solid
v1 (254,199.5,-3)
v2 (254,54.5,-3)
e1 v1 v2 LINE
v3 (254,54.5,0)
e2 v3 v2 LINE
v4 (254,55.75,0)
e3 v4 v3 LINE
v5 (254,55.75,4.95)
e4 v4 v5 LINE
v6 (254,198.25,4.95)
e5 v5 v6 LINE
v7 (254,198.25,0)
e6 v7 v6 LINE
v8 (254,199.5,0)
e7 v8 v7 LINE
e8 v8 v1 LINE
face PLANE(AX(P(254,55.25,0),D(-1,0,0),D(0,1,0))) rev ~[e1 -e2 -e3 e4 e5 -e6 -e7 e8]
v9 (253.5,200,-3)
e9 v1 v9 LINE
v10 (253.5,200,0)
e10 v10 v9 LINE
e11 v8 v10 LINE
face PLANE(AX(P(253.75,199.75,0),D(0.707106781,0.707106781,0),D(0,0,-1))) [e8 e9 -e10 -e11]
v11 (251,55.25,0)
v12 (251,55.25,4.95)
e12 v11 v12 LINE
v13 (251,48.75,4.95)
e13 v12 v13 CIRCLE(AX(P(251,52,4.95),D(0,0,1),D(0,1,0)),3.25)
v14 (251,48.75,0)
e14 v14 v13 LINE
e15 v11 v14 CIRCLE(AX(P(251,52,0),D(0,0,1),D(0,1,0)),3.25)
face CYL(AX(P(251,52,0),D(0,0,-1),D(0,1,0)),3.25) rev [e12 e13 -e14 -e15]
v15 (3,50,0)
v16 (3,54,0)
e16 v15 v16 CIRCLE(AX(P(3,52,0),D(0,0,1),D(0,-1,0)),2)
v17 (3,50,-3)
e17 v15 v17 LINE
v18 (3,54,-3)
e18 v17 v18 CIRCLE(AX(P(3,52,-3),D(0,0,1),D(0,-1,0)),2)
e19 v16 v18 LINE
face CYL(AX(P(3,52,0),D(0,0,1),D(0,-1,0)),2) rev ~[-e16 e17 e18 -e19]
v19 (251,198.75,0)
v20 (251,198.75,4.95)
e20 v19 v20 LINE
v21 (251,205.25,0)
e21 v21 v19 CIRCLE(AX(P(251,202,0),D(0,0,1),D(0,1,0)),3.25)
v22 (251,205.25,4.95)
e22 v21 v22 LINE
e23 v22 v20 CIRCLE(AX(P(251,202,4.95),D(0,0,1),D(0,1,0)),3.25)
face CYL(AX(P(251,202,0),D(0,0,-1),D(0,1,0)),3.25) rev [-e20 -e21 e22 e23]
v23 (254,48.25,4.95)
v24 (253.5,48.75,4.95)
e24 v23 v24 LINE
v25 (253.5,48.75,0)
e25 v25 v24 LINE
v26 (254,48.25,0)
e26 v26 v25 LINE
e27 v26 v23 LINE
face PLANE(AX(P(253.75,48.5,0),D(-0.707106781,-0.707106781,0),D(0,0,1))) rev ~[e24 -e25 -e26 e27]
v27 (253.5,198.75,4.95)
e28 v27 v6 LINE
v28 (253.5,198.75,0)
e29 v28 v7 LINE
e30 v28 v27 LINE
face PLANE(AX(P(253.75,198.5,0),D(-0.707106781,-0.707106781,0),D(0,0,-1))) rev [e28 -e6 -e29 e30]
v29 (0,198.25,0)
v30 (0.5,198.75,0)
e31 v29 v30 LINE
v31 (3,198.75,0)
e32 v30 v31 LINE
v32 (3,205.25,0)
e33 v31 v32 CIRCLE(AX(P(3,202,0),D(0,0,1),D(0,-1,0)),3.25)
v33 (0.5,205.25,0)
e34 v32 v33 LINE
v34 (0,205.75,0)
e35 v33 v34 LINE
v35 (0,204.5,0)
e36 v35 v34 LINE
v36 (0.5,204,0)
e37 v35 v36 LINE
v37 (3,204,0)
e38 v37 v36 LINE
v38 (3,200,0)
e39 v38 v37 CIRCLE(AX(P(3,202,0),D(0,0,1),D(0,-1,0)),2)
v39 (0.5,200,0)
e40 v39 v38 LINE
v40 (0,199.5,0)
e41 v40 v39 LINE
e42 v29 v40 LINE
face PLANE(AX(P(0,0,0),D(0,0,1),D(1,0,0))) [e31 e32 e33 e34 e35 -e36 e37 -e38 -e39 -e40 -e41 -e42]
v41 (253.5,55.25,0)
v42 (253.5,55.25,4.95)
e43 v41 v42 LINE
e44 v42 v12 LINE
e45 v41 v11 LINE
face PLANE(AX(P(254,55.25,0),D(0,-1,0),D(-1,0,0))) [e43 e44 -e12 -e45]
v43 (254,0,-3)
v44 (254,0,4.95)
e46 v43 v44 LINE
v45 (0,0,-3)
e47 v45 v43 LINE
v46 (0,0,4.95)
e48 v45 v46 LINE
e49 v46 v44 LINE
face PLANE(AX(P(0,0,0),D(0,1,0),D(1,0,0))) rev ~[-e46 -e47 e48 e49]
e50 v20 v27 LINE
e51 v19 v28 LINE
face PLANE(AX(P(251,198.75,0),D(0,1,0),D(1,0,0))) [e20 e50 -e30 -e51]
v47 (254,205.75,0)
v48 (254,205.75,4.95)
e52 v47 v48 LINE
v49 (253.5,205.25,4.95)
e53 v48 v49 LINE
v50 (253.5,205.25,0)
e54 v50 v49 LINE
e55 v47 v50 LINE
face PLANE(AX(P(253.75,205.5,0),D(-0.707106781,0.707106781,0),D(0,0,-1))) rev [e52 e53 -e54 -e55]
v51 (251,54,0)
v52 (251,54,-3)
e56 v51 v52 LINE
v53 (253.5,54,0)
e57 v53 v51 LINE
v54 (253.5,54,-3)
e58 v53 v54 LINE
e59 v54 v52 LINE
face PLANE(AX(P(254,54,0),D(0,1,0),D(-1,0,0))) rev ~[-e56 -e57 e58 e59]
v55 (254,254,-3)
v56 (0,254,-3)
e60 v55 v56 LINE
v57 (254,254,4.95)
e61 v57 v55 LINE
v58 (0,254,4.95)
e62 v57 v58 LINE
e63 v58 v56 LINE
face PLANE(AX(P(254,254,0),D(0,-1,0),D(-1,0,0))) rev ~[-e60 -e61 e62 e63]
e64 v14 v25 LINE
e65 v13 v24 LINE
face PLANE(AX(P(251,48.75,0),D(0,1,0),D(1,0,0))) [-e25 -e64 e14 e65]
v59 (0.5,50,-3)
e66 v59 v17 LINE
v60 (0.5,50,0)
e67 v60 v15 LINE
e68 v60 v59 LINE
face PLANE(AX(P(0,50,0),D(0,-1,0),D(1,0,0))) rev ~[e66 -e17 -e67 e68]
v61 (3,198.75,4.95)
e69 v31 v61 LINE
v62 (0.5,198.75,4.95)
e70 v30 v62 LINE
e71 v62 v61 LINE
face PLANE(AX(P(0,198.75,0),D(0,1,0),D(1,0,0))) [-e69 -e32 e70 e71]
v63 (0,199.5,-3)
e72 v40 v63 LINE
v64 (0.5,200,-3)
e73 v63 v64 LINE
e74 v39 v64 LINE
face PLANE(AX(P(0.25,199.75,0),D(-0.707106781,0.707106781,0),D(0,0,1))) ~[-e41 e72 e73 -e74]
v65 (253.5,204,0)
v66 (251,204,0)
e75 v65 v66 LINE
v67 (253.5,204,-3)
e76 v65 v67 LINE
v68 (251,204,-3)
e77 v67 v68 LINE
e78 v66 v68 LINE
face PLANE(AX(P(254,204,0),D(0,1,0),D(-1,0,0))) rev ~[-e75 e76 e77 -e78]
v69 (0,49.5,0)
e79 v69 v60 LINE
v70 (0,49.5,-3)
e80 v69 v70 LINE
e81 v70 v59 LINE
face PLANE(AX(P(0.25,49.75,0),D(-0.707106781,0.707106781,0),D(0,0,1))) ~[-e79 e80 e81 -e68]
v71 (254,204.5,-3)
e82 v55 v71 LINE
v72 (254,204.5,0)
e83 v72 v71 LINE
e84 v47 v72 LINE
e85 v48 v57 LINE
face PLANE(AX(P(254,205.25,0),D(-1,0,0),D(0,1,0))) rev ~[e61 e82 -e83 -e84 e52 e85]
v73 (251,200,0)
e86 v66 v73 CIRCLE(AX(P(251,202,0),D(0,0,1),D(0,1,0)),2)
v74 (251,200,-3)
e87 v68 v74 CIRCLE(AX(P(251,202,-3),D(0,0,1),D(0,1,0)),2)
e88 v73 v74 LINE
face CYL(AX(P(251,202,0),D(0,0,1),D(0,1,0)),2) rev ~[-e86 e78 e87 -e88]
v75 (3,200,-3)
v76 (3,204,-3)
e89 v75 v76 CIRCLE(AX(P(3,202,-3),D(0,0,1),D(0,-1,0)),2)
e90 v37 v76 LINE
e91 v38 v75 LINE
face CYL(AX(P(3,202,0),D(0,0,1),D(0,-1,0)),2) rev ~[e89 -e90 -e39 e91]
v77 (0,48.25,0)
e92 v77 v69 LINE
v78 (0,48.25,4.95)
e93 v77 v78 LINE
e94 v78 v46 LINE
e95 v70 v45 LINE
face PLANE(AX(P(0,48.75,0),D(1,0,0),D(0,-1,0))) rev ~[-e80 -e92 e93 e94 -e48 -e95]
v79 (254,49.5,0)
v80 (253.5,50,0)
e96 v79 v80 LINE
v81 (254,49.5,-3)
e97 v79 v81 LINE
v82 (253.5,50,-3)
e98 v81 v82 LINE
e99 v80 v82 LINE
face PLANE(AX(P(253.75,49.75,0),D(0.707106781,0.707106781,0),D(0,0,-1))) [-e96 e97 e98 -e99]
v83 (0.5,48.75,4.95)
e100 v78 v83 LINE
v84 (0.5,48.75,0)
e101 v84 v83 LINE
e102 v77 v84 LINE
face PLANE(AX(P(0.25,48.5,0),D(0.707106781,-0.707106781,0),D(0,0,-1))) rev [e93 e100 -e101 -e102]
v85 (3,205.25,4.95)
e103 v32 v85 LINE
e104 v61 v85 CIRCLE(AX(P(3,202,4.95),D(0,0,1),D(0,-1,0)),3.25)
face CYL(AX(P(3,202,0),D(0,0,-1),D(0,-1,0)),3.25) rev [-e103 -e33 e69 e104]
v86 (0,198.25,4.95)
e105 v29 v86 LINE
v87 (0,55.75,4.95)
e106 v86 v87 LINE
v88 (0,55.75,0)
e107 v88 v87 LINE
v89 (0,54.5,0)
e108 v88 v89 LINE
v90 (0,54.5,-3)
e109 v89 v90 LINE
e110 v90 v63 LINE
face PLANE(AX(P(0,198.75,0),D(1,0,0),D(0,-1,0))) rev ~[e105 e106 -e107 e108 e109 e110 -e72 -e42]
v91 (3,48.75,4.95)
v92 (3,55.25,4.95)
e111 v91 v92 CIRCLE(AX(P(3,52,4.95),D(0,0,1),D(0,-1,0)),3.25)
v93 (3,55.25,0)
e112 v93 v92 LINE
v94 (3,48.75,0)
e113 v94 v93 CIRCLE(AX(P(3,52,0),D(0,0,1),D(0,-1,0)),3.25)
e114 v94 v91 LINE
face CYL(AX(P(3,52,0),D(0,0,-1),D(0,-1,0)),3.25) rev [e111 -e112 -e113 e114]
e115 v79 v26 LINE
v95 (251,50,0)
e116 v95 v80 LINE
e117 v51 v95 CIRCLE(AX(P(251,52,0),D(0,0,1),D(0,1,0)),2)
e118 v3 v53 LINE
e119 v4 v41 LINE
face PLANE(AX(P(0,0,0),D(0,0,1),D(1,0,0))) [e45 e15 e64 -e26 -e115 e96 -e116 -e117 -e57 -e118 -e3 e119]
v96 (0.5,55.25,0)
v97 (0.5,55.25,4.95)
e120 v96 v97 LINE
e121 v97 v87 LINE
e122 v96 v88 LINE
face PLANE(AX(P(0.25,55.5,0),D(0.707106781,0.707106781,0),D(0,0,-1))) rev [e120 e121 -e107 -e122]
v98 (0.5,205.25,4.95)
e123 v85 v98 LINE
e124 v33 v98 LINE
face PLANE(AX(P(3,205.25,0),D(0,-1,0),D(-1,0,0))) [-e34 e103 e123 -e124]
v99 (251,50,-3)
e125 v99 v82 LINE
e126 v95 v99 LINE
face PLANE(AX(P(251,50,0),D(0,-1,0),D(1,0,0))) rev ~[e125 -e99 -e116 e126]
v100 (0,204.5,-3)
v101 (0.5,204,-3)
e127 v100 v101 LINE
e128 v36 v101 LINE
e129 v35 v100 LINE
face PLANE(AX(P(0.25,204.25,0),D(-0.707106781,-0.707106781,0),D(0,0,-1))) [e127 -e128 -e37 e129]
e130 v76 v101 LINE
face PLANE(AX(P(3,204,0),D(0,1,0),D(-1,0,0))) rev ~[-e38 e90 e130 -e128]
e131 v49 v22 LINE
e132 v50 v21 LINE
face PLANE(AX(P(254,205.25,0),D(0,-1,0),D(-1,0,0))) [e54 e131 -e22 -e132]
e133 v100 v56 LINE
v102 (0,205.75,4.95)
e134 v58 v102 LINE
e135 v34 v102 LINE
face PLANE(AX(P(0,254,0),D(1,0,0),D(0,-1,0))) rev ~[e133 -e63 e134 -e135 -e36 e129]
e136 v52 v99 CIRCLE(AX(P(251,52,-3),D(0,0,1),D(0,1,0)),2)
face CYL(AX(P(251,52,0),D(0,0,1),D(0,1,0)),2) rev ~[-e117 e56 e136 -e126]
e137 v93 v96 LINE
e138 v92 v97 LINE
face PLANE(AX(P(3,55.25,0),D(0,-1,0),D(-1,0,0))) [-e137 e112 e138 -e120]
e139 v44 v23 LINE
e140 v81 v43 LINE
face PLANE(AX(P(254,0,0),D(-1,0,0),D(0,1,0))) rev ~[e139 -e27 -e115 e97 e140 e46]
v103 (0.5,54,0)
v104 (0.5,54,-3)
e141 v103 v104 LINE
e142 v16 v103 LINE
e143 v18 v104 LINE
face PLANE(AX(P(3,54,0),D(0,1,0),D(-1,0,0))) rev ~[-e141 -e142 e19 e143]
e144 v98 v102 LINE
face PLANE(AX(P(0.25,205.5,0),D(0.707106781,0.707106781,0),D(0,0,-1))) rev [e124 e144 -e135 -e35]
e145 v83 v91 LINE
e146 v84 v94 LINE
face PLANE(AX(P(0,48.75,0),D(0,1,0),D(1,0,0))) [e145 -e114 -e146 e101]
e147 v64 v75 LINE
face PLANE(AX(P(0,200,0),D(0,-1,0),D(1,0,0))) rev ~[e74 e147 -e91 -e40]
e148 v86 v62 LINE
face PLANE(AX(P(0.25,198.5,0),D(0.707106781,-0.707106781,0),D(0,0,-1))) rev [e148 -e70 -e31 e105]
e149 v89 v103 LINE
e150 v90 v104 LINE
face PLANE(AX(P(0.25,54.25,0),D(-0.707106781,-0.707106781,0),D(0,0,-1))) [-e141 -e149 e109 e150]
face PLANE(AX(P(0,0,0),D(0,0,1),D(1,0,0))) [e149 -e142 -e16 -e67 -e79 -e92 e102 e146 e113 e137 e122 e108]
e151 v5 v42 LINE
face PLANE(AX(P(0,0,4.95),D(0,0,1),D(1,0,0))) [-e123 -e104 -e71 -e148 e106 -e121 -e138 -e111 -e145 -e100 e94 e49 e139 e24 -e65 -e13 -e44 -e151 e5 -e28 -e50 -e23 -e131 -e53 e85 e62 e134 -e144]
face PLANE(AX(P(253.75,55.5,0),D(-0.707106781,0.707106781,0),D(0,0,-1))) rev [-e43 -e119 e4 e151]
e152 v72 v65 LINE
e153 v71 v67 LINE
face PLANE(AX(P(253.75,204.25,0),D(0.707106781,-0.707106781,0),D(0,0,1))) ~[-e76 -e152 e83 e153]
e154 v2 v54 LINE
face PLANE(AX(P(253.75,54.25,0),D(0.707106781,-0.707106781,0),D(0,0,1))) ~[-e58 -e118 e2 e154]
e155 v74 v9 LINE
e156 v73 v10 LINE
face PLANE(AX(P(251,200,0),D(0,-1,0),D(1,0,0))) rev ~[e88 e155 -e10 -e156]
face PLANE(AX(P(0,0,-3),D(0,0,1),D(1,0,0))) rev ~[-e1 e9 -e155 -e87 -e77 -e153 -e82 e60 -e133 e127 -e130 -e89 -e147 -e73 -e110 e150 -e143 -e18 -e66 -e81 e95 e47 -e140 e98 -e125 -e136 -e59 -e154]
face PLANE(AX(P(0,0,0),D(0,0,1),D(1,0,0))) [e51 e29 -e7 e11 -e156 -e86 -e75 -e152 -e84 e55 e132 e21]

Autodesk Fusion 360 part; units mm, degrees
sketch "Sketch1" plane through (0, 0, 0) normal (0, 0, 1) x (1, 0, 0)
  line L0 (0, 0) -> (254, 0)
  line L1 (254, 0) -> (254, 254)
  line L2 (254, 254) -> (0, 254)
  line L3 (0, 254) -> (0, 0)
  line L4 (0, 127) -> (254, 127) construction
  line L5 (251, 200) -> (254, 200)
  line L6 (254, 204) -> (251, 204)
  arc A0 (251, 204) -> (251, 200) centre (251, 202) ccw
  line L7 (251, 202) -> (275, 202) construction
  line L8 (251, 50) -> (254, 50)
  line L9 (254, 54) -> (251, 54)
  arc A1 (251, 54) -> (251, 50) centre (251, 52) ccw
  line L10 (251, 52) -> (254, 52) construction
  line L11 (3, 204) -> (0, 204)
  line L12 (0, 200) -> (3, 200)
  arc A2 (3, 200) -> (3, 204) centre (3, 202) ccw
  line L13 (3, 202) -> (0, 202) construction
  line L14 (254, 205.25) -> (251, 205.25)
  arc A3 (251, 205.25) -> (251, 198.75) centre (251, 202) ccw
  line L15 (251, 198.75) -> (254, 198.75)
  line L16 (254, 55.25) -> (251, 55.25)
  arc A4 (251, 55.25) -> (251, 48.75) centre (251, 52) ccw
  line L17 (251, 48.75) -> (254, 48.75)
  line L18 (0, 198.75) -> (3, 198.75)
  arc A5 (3, 198.75) -> (3, 205.25) centre (3, 202) ccw
  line L19 (3, 205.25) -> (0, 205.25)
  line L20 (3, 54) -> (0, 54)
  line L21 (0, 50) -> (3, 50)
  arc A6 (3, 50) -> (3, 54) centre (3, 52) ccw
  line L22 (3, 52) -> (0, 52) construction
  line L23 (0, 48.75) -> (3, 48.75)
  arc A7 (3, 48.75) -> (3, 55.25) centre (3, 52) ccw
  line L24 (3, 55.25) -> (0, 55.25)
  point P0 (251, 202)
  point P1 (251, 52)
  point P2 (3, 52)
  point P3 (3, 202)
  dimension "d3" = 254
  dimension "d4" = 254
  dimension "d8" = 3
  dimension "d9" = 3
  dimension "d10" = 75
  dimension "d11" = 75
  dimension "d12" = 2
  dimension "d13" = 2
  dimension "d15" = 3
  dimension "d16" = 75
  dimension "d19" = 2
  dimension "d20" = 1.25
  dimension "d21" = 1.25
  dimension "d22" = 1.25
  dimension "d94" = 127
  dimension "d95" = 3
  dimension "d96" = 2
  dimension "d97" = 75
  dimension "d98" = 1.25
extrude "Extrude2" add sketch "Sketch1" along normal blind 4.95 contours L0 L1 L2 L3 L14 A3 L15 L16 A4 L17 L18 A5 L19 L23 A7 L24
extrude "Extrude3" add sketch "Sketch1" against normal blind 3 contours L0 L1 L2 L3 L14 A3 L15 L16 A4 L17 L18 A5 L19 L23 A7 L24 | L3 L20 L21 A6 L23 A7 L24 | L1 L8 L9 A1 L16 A4 L17 | L3 L11 L12 A2 L18 A5 L19 | L1 L5 L6 A0 L14 A3 L15
chamfer "Chamfer6" distance 0.5 angle 45 16 edges at (0, 205.25, 2.475) (0, 198.75, 2.475) (0, 204, -1.5) (0, 200, -1.5) (0, 55.25, 2.475) (0, 48.75, 2.475) (0, 50, -1.5) (0, 54, -1.5) (254, 48.75, 2.475) (254, 55.25, 2.475) (254, 54, -1.5) (254, 50, -1.5) (254, 205.25, 2.475) (254, 198.75, 2.475) (254, 200, -1.5) (254, 204, -1.5)
equation "x_bed_size = 10 in"
equation "y_bed_size = 10 in"
equation "d3 = x_bed_size"
equation "d4 = y_bed_size"
equation "d8 = d9"
equation "d10 = ( 150 / 2 ) * 1 mm"
equation "d11 = d10"
equation "d12 = d13"
equation "d15 = d9"
equation "d16 = d10"
equation "d19 = d13"
equation "d21 = d20"
equation "d22 = d20"
equation "d23 = 7.95 mm - 3 mm"
equation "d94 = y_bed_size / 2"
equation "d95 = d15"
equation "d96 = d19"
equation "d97 = d16"
